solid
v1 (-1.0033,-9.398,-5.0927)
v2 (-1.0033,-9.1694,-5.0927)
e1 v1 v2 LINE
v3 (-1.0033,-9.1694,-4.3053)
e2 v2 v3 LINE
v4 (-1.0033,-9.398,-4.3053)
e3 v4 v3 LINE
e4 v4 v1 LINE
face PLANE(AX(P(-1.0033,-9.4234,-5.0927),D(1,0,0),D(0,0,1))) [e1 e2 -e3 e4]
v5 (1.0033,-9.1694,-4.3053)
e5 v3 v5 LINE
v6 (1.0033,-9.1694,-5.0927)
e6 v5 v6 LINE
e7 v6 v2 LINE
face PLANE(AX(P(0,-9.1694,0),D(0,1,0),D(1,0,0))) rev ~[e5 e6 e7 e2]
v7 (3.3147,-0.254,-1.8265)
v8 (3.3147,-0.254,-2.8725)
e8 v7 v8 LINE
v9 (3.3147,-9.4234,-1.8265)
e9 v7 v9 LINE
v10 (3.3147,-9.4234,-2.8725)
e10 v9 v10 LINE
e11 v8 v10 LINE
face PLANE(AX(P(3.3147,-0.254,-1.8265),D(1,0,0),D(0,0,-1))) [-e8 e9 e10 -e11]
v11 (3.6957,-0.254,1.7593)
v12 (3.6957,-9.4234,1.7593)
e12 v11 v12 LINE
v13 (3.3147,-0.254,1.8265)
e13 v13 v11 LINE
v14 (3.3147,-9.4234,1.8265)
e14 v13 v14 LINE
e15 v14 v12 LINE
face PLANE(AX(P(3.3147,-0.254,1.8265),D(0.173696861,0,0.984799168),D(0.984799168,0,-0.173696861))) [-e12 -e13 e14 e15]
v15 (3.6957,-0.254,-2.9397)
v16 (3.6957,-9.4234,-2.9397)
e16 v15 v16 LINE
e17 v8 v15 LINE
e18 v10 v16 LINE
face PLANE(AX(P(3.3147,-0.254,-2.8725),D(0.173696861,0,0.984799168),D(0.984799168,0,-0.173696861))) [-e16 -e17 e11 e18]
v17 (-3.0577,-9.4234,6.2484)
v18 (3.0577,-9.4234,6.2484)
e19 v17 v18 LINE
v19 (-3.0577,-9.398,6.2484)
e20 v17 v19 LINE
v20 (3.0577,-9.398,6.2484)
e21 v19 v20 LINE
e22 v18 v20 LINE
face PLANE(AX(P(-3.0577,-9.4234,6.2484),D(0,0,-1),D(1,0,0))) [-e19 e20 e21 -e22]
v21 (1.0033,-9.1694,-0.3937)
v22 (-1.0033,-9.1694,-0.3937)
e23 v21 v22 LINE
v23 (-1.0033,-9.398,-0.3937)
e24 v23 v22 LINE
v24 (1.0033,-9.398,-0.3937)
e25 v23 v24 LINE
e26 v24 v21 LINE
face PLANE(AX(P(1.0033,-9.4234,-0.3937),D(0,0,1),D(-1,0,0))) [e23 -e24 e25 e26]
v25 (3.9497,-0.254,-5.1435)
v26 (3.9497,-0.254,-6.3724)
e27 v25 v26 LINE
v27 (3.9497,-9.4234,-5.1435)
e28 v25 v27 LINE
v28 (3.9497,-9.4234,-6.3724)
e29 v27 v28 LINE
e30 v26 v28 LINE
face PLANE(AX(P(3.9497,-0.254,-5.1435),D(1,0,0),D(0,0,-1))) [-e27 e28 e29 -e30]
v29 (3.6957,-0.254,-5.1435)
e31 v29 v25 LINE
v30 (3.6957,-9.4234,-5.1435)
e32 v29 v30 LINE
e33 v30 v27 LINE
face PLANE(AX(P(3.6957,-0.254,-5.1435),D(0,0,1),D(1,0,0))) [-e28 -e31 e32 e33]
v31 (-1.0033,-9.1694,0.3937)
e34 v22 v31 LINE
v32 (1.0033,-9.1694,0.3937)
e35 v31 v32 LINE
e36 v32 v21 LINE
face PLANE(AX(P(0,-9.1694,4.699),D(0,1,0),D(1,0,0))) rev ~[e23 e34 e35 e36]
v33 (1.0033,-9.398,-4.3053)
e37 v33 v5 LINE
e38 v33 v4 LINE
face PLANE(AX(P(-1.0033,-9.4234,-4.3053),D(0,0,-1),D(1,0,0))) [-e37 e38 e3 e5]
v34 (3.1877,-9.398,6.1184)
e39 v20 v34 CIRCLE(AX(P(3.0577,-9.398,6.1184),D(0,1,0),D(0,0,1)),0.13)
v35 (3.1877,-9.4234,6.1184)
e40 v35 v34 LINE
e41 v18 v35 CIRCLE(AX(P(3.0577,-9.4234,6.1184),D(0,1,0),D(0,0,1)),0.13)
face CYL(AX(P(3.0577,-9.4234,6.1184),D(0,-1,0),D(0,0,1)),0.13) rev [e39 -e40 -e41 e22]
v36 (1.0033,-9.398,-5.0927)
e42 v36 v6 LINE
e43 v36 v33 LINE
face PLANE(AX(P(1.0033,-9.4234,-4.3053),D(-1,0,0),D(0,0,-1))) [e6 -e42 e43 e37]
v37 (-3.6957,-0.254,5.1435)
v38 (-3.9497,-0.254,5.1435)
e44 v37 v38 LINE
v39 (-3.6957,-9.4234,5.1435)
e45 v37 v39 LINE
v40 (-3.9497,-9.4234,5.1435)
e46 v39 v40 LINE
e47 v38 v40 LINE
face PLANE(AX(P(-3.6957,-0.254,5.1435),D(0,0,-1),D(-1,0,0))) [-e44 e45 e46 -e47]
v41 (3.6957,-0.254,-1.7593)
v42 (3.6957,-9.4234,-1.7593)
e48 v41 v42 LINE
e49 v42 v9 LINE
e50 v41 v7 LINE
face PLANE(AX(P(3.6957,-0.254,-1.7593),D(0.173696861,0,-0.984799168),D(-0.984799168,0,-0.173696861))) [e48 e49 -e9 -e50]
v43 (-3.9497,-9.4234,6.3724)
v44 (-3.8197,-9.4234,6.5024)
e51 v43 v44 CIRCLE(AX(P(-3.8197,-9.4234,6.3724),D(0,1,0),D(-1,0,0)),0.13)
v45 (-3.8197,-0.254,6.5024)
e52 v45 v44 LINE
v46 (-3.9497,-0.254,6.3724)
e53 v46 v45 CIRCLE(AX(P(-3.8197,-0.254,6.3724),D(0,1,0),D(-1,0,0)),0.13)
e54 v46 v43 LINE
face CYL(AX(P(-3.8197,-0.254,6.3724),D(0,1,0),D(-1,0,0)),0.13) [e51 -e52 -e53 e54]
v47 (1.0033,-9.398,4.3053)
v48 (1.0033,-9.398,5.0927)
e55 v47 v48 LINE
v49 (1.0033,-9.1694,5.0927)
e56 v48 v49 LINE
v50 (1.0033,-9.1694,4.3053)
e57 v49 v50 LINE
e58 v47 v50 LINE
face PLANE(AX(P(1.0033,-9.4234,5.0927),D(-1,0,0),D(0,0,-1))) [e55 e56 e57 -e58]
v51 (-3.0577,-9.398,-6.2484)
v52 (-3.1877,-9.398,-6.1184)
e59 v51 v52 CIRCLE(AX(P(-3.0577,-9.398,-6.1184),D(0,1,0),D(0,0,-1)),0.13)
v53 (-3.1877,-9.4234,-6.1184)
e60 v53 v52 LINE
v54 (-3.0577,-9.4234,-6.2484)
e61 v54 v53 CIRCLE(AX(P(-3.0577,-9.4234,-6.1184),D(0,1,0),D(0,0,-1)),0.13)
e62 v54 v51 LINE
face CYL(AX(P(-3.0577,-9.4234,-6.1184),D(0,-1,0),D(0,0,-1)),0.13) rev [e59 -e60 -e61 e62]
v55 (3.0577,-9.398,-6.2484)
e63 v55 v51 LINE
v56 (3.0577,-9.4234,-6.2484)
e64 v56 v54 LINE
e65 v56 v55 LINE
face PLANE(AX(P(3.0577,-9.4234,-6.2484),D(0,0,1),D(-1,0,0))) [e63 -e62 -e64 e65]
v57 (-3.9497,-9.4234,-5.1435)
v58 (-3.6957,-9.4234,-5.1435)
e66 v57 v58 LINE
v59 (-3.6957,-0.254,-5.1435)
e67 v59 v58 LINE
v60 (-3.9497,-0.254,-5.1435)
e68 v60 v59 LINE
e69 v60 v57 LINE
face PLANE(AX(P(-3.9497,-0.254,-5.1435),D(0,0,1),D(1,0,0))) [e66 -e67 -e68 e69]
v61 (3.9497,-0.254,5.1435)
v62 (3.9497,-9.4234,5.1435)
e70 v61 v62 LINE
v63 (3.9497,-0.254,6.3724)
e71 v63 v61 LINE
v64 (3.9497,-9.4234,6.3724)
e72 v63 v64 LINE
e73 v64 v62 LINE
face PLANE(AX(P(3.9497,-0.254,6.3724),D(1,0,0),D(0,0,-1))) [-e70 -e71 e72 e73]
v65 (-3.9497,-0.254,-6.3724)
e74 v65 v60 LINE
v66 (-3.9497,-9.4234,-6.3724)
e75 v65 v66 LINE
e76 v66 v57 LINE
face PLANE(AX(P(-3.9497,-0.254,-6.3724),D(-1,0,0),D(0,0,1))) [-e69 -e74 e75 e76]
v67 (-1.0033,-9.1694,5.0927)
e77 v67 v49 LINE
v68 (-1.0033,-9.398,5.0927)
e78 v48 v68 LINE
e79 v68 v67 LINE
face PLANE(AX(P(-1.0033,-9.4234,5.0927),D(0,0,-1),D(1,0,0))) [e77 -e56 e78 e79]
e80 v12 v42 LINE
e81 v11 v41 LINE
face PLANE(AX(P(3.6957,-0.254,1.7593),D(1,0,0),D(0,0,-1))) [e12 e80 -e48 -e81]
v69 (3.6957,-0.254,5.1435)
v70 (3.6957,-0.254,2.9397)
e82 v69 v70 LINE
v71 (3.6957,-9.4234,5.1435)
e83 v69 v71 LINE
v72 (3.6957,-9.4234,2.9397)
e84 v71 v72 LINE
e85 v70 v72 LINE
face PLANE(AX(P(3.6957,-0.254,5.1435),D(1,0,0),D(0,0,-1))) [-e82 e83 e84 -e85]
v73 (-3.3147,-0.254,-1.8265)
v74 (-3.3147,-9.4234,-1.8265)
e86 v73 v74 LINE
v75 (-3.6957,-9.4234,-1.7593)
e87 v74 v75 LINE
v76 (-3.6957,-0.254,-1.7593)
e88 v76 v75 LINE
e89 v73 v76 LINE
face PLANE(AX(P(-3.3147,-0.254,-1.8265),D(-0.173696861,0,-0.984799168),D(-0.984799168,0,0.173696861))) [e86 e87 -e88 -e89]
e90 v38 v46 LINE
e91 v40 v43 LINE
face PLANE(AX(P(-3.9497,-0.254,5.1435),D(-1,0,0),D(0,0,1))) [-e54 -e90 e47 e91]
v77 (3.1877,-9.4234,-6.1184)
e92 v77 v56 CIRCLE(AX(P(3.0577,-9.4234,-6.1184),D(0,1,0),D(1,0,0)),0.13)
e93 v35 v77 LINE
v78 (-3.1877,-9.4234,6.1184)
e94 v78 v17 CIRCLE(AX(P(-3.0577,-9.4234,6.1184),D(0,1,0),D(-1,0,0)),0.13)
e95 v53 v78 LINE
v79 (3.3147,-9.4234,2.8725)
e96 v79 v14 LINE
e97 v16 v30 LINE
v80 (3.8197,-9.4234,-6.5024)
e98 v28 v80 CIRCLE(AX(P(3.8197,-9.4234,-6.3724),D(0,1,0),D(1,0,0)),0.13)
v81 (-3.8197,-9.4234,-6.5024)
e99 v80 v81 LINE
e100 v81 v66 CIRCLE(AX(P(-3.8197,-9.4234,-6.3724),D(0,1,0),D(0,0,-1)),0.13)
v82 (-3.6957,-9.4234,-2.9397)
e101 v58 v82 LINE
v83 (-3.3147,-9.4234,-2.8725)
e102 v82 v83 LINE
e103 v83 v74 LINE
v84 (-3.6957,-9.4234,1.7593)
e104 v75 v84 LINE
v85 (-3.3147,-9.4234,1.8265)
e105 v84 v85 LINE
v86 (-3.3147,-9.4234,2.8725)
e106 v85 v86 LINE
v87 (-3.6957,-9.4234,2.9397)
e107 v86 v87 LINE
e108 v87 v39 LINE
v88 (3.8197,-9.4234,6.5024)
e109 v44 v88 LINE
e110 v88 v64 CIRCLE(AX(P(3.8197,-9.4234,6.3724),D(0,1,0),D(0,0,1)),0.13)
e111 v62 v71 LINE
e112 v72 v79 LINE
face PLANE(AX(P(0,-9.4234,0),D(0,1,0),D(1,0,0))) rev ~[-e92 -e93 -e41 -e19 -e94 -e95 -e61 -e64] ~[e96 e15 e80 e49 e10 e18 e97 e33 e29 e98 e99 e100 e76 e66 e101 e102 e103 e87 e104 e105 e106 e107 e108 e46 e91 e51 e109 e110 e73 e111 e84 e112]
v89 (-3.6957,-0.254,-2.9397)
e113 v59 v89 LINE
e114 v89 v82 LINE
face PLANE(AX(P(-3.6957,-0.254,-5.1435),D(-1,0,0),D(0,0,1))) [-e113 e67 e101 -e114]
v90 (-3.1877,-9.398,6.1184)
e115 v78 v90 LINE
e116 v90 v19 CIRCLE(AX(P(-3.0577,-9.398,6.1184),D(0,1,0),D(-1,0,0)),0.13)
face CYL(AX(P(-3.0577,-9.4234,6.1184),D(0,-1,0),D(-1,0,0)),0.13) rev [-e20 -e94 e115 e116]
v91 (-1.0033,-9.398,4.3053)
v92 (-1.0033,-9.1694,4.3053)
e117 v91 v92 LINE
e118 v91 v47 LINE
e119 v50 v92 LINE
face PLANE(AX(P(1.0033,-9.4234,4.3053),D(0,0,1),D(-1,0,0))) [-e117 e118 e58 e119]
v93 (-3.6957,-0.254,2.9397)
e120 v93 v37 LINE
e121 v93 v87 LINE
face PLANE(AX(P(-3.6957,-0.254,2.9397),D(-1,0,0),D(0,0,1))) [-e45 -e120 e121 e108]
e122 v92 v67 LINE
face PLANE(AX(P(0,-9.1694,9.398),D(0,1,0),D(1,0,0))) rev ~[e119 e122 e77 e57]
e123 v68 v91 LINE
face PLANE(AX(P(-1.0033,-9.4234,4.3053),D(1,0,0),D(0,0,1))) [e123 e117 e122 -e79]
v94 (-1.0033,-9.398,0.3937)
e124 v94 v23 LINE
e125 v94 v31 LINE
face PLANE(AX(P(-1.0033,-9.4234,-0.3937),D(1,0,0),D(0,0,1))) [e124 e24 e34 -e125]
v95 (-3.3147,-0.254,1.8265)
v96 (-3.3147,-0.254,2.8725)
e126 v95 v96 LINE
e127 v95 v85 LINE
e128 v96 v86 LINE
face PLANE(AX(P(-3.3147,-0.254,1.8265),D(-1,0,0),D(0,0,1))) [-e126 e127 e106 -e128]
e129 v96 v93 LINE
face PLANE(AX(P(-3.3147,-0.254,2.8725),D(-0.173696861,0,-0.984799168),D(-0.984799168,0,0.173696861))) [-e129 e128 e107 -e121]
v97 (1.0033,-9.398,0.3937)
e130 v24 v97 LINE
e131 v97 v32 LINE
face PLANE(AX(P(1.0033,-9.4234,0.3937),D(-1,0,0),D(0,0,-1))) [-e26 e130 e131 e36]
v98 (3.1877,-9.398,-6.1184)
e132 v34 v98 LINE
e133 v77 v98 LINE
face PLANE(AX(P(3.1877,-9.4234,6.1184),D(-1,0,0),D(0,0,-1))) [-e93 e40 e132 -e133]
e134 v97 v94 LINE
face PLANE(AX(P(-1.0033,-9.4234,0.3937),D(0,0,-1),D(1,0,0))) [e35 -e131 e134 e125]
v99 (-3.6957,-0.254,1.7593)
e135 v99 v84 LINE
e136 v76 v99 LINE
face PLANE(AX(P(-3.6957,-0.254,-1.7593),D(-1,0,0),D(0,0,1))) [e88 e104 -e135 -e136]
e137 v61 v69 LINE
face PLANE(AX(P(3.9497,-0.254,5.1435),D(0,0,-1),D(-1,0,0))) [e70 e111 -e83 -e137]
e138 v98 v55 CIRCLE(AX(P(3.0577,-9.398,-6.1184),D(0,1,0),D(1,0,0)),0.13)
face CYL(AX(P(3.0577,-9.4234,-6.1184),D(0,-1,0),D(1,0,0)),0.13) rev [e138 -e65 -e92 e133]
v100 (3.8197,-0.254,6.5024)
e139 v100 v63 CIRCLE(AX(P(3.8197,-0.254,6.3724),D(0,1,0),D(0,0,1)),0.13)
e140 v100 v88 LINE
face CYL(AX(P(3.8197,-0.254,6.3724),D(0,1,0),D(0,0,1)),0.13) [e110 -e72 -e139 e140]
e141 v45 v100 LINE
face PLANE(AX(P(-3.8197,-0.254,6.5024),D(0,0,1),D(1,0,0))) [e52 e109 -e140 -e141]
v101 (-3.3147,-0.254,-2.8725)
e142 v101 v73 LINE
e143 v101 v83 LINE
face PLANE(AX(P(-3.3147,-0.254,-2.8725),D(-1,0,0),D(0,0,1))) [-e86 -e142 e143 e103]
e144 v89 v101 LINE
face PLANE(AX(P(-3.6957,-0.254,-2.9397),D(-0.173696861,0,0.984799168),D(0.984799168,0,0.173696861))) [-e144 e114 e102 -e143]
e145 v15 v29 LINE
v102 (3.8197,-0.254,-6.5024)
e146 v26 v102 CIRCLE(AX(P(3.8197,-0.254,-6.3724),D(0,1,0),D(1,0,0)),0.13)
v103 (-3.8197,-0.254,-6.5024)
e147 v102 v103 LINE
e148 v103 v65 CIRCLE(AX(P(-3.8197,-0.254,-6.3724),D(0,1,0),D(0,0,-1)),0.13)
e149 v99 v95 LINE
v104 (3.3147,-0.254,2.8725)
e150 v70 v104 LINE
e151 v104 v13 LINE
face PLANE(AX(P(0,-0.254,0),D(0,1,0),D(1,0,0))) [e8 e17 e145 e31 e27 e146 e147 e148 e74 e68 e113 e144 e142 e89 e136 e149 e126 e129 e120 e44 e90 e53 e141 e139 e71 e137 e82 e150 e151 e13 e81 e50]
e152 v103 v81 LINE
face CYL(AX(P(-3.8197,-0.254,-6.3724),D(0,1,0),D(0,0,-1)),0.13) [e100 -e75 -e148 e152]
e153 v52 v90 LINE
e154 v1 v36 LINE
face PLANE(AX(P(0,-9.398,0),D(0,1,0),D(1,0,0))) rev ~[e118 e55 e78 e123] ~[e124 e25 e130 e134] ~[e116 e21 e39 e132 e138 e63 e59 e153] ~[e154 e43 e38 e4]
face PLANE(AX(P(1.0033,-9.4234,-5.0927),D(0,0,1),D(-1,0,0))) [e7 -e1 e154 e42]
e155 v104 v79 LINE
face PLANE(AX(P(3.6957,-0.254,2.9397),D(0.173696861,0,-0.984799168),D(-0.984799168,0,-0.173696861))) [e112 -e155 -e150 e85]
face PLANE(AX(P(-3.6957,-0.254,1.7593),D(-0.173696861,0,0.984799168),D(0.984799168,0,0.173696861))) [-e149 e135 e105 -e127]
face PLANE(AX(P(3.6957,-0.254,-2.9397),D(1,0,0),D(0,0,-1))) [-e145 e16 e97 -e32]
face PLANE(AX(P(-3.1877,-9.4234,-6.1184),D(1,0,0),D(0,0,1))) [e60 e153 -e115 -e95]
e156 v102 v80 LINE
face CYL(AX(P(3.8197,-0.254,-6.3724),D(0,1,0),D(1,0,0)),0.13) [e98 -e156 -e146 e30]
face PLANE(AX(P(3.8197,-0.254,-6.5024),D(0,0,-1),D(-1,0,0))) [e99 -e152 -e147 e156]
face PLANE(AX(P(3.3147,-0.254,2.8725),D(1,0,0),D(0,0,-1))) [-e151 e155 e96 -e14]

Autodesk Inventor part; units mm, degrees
sketch "Sketch_2" plane through (0, -0.254, 0) normal (0, 1, 0) x (1, 0, 0)
  line L0 (-3.9497, -5.1435) -> (-3.9497, -6.3724)
  arc A0 (-3.9497, -6.3724) -> (-3.8197, -6.5024) centre (-3.8197, -6.3724) ccw
  line L1 (-3.8197, -6.5024) -> (3.8197, -6.5024)
  arc A1 (3.8197, -6.5024) -> (3.9497, -6.3724) centre (3.8197, -6.3724) ccw
  line L2 (3.9497, -6.3724) -> (3.9497, -5.1435)
  line L3 (3.9497, -5.1435) -> (3.6957, -5.1435)
  line L4 (3.6957, -5.1435) -> (3.6957, -2.9397)
  line L5 (3.6957, -2.9397) -> (3.3147, -2.8725)
  line L6 (3.3147, -2.8725) -> (3.3147, -1.8265)
  line L7 (3.3147, -1.8265) -> (3.6957, -1.7593)
  line L8 (3.6957, -1.7593) -> (3.6957, 1.7593)
  line L9 (3.6957, 1.7593) -> (3.3147, 1.8265)
  line L10 (3.3147, 1.8265) -> (3.3147, 2.8725)
  line L11 (3.3147, 2.8725) -> (3.6957, 2.9397)
  line L12 (3.6957, 2.9397) -> (3.6957, 5.1435)
  line L13 (3.6957, 5.1435) -> (3.9497, 5.1435)
  line L14 (3.9497, 5.1435) -> (3.9497, 6.3724)
  arc A2 (3.9497, 6.3724) -> (3.8197, 6.5024) centre (3.8197, 6.3724) ccw
  line L15 (3.8197, 6.5024) -> (-3.8197, 6.5024)
  arc A3 (-3.8197, 6.5024) -> (-3.9497, 6.3724) centre (-3.8197, 6.3724) ccw
  line L16 (-3.9497, 6.3724) -> (-3.9497, 5.1435)
  line L17 (-3.9497, 5.1435) -> (-3.6957, 5.1435)
  line L18 (-3.6957, 5.1435) -> (-3.6957, 2.9397)
  line L19 (-3.6957, 2.9397) -> (-3.3147, 2.8725)
  line L20 (-3.3147, 2.8725) -> (-3.3147, 1.8265)
  line L21 (-3.3147, 1.8265) -> (-3.6957, 1.7593)
  line L22 (-3.6957, 1.7593) -> (-3.6957, -1.7593)
  line L23 (-3.6957, -1.7593) -> (-3.3147, -1.8265)
  line L24 (-3.3147, -1.8265) -> (-3.3147, -2.8725)
  line L25 (-3.3147, -2.8725) -> (-3.6957, -2.9397)
  line L26 (-3.6957, -2.9397) -> (-3.6957, -5.1435)
  line L27 (-3.6957, -5.1435) -> (-3.9497, -5.1435)
extrude "Extrusion1" add sketch "Sketch_2" against normal blind 9.1694
sketch "Sketch_1" plane through (0, -9.4234, 0) normal (0, 1, 0) x (1, 0, 0)
  line L0 (-3.1877, 6.1184) -> (-3.1877, -6.1184)
  arc A0 (-3.1877, -6.1184) -> (-3.0577, -6.2484) centre (-3.0577, -6.1184) ccw
  line L1 (-3.0577, -6.2484) -> (3.0577, -6.2484)
  arc A1 (3.0577, -6.2484) -> (3.1877, -6.1184) centre (3.0577, -6.1184) ccw
  line L2 (3.1877, -6.1184) -> (3.1877, 6.1184)
  arc A2 (3.1877, 6.1184) -> (3.0577, 6.2484) centre (3.0577, 6.1184) ccw
  line L3 (3.0577, 6.2484) -> (-3.0577, 6.2484)
  arc A3 (-3.0577, 6.2484) -> (-3.1877, 6.1184) centre (-3.0577, 6.1184) ccw
extrude "Extrusion2" cut sketch "Sketch_1" along normal blind 0.0254
sketch "Sketch_7" plane through (0, -9.4234, 0) normal (0, 1, 0) x (1, 0, 0)
  line L0 (-1.0033, 5.0927) -> (-1.0033, 4.3053)
  line L1 (-1.0033, 4.3053) -> (1.0033, 4.3053)
  line L2 (1.0033, 4.3053) -> (1.0033, 5.0927)
  line L3 (1.0033, 5.0927) -> (-1.0033, 5.0927)
extrude "Extrusion3" cut sketch "Sketch_7" along normal blind 0.254
pattern_linear "Rectangular Pattern1" count 3 spacing 4.699 along (0, 0, 1) of "Extrusion3"
ref_plane "rot_XY" through (0, 6.6675, 0) normal (1, 0, 0) x (0, 0, -1)
ref_plane "rot_YZ" through (0, 6.6675, 0) normal (0, 0, -1) x (0, 1, 0)
ref_plane "rot_ZX" through (0, 6.6675, 0) normal (0, 1, 0) x (1, 0, 0)
ref_plane "to_cover_XY" through (0, -0.254, 0) normal (0, 1, 0) x (1, 0, 0)
ref_plane "to_cover_YZ" through (0, -0.254, 0) normal (1, 0, 0) x (0, 0, -1)
ref_plane "to_cover_ZX" through (0, -0.254, 0) normal (0, 0, -1) x (0, 1, 0)
ref_plane "to_terminals_XY" through (0, -9.4234, 0) normal (0, 1, 0) x (1, 0, 0)
ref_plane "to_terminals_YZ" through (0, -9.4234, 0) normal (1, 0, 0) x (0, 0, -1)
ref_plane "to_terminals_ZX" through (0, -9.4234, 0) normal (0, 0, -1) x (0, 1, 0)
properties part number "M20191SS1W01-switch"
